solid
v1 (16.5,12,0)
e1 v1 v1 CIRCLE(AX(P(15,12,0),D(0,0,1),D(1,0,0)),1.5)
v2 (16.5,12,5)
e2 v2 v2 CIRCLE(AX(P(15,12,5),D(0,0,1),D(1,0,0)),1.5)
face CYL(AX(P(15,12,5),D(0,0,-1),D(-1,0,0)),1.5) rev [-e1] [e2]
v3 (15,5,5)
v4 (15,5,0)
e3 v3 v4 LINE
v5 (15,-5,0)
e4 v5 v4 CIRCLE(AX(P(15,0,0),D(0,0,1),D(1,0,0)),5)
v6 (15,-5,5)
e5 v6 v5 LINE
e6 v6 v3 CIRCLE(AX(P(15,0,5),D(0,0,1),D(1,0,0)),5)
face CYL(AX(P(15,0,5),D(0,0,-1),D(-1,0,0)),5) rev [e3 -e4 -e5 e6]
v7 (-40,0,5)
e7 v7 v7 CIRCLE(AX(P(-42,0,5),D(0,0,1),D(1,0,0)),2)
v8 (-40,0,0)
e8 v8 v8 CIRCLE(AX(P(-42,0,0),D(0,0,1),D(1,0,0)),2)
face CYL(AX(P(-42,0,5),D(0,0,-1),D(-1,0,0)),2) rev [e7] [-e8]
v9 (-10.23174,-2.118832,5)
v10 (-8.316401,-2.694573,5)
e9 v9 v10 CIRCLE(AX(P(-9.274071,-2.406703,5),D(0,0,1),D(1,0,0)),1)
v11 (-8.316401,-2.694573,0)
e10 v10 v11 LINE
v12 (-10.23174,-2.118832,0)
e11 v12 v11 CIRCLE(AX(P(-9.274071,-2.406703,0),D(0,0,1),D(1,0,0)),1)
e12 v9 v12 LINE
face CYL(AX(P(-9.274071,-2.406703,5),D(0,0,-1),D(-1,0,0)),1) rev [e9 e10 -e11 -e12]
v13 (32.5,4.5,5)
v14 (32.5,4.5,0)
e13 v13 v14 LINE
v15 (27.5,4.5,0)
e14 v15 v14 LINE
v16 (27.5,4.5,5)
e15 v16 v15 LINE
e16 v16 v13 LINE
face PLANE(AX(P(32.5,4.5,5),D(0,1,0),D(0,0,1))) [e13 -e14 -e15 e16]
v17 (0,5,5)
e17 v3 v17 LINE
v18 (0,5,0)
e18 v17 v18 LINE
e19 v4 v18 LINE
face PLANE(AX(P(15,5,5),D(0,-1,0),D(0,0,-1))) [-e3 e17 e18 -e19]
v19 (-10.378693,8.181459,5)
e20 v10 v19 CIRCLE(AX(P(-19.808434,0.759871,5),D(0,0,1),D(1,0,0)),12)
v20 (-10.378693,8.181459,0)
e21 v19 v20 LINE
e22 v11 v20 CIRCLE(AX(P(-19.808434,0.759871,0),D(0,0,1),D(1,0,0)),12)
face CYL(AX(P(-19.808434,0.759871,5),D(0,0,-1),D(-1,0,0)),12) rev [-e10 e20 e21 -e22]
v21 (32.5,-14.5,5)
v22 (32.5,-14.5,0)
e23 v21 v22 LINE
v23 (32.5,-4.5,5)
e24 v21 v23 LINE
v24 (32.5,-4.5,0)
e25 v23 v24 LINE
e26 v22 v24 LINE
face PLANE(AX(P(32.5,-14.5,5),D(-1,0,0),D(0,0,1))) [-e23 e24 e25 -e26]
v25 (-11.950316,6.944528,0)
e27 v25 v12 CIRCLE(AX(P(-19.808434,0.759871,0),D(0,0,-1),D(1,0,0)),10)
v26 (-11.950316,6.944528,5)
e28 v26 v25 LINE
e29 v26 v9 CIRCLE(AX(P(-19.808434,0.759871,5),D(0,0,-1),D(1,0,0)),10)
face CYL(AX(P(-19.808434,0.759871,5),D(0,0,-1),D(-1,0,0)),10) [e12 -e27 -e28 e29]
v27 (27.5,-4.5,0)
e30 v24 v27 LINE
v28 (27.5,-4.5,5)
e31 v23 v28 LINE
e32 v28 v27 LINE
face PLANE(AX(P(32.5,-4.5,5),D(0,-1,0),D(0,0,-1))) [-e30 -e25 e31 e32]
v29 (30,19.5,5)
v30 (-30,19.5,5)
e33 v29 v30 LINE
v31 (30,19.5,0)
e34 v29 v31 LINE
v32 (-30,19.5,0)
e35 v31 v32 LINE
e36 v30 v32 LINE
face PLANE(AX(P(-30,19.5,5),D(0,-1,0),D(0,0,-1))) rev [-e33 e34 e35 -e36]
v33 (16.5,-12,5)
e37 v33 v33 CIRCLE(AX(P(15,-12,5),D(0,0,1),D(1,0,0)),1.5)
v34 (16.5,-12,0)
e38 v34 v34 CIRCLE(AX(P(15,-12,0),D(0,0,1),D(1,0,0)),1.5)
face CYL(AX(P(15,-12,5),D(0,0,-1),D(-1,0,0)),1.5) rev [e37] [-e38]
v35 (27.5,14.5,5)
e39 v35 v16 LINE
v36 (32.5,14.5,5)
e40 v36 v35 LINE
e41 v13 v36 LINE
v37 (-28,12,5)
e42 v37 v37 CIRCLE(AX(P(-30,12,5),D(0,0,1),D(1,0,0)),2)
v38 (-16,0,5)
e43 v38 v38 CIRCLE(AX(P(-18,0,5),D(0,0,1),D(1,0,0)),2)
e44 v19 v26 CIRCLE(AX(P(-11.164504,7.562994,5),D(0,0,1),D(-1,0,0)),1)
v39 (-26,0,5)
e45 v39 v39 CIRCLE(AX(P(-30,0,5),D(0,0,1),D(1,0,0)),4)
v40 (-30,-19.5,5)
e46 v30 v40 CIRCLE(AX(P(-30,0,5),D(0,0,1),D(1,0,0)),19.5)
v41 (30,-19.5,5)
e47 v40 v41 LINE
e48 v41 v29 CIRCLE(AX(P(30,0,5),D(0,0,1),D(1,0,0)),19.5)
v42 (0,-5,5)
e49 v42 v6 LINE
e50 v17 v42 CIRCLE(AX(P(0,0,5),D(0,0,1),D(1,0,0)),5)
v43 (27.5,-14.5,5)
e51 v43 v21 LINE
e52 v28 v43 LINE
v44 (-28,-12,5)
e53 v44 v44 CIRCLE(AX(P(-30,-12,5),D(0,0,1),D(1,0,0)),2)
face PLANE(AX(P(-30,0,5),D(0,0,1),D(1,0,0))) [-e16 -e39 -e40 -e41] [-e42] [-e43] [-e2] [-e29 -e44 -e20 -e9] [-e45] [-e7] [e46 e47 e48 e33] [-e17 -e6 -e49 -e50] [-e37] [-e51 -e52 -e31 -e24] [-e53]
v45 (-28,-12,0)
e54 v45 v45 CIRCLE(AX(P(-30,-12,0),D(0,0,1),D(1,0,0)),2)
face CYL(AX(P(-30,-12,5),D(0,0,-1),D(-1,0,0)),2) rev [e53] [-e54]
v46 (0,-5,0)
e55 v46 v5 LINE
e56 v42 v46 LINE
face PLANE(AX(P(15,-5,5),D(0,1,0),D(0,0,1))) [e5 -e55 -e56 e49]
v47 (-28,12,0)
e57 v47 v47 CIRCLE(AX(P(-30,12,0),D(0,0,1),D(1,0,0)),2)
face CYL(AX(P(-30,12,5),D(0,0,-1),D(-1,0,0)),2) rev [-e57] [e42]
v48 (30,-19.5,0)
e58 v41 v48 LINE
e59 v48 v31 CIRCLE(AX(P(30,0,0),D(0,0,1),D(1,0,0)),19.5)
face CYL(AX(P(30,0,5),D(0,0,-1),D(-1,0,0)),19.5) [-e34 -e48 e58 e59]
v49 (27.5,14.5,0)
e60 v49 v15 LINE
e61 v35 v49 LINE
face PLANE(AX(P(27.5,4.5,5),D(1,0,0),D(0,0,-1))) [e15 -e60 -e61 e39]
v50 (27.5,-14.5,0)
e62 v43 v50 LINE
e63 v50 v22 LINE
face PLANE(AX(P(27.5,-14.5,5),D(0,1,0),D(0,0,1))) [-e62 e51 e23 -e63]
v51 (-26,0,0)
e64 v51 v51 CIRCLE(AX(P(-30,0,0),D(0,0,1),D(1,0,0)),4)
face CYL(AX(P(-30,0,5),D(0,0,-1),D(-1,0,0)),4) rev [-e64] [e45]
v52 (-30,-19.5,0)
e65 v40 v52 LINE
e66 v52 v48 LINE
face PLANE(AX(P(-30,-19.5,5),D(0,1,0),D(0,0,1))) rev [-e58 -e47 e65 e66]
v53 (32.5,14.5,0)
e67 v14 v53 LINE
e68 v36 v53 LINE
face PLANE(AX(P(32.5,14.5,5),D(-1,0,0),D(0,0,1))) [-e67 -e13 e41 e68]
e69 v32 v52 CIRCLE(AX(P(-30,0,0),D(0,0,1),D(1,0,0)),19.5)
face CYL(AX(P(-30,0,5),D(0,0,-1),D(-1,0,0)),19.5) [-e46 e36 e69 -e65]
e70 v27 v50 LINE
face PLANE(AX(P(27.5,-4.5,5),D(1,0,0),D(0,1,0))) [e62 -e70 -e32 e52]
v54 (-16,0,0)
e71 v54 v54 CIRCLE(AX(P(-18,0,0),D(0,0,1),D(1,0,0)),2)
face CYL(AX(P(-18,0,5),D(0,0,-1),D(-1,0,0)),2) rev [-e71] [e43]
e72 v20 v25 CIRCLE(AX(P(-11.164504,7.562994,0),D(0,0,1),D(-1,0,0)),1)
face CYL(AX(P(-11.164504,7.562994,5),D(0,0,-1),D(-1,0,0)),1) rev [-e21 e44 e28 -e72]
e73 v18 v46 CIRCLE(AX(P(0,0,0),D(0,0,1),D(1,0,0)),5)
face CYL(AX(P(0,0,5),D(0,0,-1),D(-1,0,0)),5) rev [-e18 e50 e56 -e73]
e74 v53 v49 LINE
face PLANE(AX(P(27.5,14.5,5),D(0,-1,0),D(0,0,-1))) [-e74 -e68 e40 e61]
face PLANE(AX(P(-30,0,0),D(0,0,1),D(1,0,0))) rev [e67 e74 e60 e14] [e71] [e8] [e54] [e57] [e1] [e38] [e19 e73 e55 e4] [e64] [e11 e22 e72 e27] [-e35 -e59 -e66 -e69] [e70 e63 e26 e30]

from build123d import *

# Parameters (mm, degrees)
SKETCH1_R           = 2
SKETCH1_R_2         = 4
SKETCH1_R_3         = 1.5
SKETCH1_W           = 5
SKETCH1_H           = 10
BOSS_EXTRUDE1_DEPTH = 5


with BuildPart() as part:
    # Sketch1 → Boss-Extrude1 (new body)
    with BuildSketch(Plane.XY):
        with BuildLine():
            Line((-30, 19.5), (30, 19.5))
            ThreePointArc((30, 19.5), (49.5, 0), (30, -19.5))
            Line((30, -19.5), (-30, -19.5))
            ThreePointArc((-30, -19.5), (-49.5, 0), (-30, 19.5))
        make_face()
        with Locations((-30, 12)):
            Circle(SKETCH1_R, mode=Mode.SUBTRACT)
        with Locations((-18, 0)):
            Circle(SKETCH1_R, mode=Mode.SUBTRACT)
        with Locations((-30, -12)):
            Circle(SKETCH1_R, mode=Mode.SUBTRACT)
        with Locations((-42, 0)):
            Circle(SKETCH1_R, mode=Mode.SUBTRACT)
        with Locations((-30, 0)):
            Circle(SKETCH1_R_2, mode=Mode.SUBTRACT)
        with Locations((15, 12)):
            Circle(SKETCH1_R_3, mode=Mode.SUBTRACT)
        with Locations((15, -12)):
            Circle(SKETCH1_R_3, mode=Mode.SUBTRACT)
        with BuildLine():
            Line((15, -5), (0, -5))
            ThreePointArc((0, -5), (-5, 0), (0, 5))
            Line((0, 5), (15, 5))
            ThreePointArc((15, 5), (20, 0), (15, -5))
        make_face(mode=Mode.SUBTRACT)
        with Locations((30, 9.5)):
            Rectangle(SKETCH1_W, SKETCH1_H, mode=Mode.SUBTRACT)
        with Locations((30, -9.5)):
            Rectangle(SKETCH1_W, SKETCH1_H, mode=Mode.SUBTRACT)
        with BuildLine():
            ThreePointArc((-11.950316083, 6.944527868), (-11.782969997, 8.348805364), (-10.3786925, 8.181459278))
            ThreePointArc((-10.3786925, 8.181459278), (-8.018515434, 2.995451326), (-8.316401238, -2.694573131))
            ThreePointArc((-8.316401238, -2.694573131), (-9.561940964, -3.364372198), (-10.231740032, -2.118832472))
            ThreePointArc((-10.231740032, -2.118832472), (-9.983501861, 2.622854574), (-11.950316083, 6.944527868))
        make_face(mode=Mode.SUBTRACT)
    extrude(amount=BOSS_EXTRUDE1_DEPTH)


solid = part.part
